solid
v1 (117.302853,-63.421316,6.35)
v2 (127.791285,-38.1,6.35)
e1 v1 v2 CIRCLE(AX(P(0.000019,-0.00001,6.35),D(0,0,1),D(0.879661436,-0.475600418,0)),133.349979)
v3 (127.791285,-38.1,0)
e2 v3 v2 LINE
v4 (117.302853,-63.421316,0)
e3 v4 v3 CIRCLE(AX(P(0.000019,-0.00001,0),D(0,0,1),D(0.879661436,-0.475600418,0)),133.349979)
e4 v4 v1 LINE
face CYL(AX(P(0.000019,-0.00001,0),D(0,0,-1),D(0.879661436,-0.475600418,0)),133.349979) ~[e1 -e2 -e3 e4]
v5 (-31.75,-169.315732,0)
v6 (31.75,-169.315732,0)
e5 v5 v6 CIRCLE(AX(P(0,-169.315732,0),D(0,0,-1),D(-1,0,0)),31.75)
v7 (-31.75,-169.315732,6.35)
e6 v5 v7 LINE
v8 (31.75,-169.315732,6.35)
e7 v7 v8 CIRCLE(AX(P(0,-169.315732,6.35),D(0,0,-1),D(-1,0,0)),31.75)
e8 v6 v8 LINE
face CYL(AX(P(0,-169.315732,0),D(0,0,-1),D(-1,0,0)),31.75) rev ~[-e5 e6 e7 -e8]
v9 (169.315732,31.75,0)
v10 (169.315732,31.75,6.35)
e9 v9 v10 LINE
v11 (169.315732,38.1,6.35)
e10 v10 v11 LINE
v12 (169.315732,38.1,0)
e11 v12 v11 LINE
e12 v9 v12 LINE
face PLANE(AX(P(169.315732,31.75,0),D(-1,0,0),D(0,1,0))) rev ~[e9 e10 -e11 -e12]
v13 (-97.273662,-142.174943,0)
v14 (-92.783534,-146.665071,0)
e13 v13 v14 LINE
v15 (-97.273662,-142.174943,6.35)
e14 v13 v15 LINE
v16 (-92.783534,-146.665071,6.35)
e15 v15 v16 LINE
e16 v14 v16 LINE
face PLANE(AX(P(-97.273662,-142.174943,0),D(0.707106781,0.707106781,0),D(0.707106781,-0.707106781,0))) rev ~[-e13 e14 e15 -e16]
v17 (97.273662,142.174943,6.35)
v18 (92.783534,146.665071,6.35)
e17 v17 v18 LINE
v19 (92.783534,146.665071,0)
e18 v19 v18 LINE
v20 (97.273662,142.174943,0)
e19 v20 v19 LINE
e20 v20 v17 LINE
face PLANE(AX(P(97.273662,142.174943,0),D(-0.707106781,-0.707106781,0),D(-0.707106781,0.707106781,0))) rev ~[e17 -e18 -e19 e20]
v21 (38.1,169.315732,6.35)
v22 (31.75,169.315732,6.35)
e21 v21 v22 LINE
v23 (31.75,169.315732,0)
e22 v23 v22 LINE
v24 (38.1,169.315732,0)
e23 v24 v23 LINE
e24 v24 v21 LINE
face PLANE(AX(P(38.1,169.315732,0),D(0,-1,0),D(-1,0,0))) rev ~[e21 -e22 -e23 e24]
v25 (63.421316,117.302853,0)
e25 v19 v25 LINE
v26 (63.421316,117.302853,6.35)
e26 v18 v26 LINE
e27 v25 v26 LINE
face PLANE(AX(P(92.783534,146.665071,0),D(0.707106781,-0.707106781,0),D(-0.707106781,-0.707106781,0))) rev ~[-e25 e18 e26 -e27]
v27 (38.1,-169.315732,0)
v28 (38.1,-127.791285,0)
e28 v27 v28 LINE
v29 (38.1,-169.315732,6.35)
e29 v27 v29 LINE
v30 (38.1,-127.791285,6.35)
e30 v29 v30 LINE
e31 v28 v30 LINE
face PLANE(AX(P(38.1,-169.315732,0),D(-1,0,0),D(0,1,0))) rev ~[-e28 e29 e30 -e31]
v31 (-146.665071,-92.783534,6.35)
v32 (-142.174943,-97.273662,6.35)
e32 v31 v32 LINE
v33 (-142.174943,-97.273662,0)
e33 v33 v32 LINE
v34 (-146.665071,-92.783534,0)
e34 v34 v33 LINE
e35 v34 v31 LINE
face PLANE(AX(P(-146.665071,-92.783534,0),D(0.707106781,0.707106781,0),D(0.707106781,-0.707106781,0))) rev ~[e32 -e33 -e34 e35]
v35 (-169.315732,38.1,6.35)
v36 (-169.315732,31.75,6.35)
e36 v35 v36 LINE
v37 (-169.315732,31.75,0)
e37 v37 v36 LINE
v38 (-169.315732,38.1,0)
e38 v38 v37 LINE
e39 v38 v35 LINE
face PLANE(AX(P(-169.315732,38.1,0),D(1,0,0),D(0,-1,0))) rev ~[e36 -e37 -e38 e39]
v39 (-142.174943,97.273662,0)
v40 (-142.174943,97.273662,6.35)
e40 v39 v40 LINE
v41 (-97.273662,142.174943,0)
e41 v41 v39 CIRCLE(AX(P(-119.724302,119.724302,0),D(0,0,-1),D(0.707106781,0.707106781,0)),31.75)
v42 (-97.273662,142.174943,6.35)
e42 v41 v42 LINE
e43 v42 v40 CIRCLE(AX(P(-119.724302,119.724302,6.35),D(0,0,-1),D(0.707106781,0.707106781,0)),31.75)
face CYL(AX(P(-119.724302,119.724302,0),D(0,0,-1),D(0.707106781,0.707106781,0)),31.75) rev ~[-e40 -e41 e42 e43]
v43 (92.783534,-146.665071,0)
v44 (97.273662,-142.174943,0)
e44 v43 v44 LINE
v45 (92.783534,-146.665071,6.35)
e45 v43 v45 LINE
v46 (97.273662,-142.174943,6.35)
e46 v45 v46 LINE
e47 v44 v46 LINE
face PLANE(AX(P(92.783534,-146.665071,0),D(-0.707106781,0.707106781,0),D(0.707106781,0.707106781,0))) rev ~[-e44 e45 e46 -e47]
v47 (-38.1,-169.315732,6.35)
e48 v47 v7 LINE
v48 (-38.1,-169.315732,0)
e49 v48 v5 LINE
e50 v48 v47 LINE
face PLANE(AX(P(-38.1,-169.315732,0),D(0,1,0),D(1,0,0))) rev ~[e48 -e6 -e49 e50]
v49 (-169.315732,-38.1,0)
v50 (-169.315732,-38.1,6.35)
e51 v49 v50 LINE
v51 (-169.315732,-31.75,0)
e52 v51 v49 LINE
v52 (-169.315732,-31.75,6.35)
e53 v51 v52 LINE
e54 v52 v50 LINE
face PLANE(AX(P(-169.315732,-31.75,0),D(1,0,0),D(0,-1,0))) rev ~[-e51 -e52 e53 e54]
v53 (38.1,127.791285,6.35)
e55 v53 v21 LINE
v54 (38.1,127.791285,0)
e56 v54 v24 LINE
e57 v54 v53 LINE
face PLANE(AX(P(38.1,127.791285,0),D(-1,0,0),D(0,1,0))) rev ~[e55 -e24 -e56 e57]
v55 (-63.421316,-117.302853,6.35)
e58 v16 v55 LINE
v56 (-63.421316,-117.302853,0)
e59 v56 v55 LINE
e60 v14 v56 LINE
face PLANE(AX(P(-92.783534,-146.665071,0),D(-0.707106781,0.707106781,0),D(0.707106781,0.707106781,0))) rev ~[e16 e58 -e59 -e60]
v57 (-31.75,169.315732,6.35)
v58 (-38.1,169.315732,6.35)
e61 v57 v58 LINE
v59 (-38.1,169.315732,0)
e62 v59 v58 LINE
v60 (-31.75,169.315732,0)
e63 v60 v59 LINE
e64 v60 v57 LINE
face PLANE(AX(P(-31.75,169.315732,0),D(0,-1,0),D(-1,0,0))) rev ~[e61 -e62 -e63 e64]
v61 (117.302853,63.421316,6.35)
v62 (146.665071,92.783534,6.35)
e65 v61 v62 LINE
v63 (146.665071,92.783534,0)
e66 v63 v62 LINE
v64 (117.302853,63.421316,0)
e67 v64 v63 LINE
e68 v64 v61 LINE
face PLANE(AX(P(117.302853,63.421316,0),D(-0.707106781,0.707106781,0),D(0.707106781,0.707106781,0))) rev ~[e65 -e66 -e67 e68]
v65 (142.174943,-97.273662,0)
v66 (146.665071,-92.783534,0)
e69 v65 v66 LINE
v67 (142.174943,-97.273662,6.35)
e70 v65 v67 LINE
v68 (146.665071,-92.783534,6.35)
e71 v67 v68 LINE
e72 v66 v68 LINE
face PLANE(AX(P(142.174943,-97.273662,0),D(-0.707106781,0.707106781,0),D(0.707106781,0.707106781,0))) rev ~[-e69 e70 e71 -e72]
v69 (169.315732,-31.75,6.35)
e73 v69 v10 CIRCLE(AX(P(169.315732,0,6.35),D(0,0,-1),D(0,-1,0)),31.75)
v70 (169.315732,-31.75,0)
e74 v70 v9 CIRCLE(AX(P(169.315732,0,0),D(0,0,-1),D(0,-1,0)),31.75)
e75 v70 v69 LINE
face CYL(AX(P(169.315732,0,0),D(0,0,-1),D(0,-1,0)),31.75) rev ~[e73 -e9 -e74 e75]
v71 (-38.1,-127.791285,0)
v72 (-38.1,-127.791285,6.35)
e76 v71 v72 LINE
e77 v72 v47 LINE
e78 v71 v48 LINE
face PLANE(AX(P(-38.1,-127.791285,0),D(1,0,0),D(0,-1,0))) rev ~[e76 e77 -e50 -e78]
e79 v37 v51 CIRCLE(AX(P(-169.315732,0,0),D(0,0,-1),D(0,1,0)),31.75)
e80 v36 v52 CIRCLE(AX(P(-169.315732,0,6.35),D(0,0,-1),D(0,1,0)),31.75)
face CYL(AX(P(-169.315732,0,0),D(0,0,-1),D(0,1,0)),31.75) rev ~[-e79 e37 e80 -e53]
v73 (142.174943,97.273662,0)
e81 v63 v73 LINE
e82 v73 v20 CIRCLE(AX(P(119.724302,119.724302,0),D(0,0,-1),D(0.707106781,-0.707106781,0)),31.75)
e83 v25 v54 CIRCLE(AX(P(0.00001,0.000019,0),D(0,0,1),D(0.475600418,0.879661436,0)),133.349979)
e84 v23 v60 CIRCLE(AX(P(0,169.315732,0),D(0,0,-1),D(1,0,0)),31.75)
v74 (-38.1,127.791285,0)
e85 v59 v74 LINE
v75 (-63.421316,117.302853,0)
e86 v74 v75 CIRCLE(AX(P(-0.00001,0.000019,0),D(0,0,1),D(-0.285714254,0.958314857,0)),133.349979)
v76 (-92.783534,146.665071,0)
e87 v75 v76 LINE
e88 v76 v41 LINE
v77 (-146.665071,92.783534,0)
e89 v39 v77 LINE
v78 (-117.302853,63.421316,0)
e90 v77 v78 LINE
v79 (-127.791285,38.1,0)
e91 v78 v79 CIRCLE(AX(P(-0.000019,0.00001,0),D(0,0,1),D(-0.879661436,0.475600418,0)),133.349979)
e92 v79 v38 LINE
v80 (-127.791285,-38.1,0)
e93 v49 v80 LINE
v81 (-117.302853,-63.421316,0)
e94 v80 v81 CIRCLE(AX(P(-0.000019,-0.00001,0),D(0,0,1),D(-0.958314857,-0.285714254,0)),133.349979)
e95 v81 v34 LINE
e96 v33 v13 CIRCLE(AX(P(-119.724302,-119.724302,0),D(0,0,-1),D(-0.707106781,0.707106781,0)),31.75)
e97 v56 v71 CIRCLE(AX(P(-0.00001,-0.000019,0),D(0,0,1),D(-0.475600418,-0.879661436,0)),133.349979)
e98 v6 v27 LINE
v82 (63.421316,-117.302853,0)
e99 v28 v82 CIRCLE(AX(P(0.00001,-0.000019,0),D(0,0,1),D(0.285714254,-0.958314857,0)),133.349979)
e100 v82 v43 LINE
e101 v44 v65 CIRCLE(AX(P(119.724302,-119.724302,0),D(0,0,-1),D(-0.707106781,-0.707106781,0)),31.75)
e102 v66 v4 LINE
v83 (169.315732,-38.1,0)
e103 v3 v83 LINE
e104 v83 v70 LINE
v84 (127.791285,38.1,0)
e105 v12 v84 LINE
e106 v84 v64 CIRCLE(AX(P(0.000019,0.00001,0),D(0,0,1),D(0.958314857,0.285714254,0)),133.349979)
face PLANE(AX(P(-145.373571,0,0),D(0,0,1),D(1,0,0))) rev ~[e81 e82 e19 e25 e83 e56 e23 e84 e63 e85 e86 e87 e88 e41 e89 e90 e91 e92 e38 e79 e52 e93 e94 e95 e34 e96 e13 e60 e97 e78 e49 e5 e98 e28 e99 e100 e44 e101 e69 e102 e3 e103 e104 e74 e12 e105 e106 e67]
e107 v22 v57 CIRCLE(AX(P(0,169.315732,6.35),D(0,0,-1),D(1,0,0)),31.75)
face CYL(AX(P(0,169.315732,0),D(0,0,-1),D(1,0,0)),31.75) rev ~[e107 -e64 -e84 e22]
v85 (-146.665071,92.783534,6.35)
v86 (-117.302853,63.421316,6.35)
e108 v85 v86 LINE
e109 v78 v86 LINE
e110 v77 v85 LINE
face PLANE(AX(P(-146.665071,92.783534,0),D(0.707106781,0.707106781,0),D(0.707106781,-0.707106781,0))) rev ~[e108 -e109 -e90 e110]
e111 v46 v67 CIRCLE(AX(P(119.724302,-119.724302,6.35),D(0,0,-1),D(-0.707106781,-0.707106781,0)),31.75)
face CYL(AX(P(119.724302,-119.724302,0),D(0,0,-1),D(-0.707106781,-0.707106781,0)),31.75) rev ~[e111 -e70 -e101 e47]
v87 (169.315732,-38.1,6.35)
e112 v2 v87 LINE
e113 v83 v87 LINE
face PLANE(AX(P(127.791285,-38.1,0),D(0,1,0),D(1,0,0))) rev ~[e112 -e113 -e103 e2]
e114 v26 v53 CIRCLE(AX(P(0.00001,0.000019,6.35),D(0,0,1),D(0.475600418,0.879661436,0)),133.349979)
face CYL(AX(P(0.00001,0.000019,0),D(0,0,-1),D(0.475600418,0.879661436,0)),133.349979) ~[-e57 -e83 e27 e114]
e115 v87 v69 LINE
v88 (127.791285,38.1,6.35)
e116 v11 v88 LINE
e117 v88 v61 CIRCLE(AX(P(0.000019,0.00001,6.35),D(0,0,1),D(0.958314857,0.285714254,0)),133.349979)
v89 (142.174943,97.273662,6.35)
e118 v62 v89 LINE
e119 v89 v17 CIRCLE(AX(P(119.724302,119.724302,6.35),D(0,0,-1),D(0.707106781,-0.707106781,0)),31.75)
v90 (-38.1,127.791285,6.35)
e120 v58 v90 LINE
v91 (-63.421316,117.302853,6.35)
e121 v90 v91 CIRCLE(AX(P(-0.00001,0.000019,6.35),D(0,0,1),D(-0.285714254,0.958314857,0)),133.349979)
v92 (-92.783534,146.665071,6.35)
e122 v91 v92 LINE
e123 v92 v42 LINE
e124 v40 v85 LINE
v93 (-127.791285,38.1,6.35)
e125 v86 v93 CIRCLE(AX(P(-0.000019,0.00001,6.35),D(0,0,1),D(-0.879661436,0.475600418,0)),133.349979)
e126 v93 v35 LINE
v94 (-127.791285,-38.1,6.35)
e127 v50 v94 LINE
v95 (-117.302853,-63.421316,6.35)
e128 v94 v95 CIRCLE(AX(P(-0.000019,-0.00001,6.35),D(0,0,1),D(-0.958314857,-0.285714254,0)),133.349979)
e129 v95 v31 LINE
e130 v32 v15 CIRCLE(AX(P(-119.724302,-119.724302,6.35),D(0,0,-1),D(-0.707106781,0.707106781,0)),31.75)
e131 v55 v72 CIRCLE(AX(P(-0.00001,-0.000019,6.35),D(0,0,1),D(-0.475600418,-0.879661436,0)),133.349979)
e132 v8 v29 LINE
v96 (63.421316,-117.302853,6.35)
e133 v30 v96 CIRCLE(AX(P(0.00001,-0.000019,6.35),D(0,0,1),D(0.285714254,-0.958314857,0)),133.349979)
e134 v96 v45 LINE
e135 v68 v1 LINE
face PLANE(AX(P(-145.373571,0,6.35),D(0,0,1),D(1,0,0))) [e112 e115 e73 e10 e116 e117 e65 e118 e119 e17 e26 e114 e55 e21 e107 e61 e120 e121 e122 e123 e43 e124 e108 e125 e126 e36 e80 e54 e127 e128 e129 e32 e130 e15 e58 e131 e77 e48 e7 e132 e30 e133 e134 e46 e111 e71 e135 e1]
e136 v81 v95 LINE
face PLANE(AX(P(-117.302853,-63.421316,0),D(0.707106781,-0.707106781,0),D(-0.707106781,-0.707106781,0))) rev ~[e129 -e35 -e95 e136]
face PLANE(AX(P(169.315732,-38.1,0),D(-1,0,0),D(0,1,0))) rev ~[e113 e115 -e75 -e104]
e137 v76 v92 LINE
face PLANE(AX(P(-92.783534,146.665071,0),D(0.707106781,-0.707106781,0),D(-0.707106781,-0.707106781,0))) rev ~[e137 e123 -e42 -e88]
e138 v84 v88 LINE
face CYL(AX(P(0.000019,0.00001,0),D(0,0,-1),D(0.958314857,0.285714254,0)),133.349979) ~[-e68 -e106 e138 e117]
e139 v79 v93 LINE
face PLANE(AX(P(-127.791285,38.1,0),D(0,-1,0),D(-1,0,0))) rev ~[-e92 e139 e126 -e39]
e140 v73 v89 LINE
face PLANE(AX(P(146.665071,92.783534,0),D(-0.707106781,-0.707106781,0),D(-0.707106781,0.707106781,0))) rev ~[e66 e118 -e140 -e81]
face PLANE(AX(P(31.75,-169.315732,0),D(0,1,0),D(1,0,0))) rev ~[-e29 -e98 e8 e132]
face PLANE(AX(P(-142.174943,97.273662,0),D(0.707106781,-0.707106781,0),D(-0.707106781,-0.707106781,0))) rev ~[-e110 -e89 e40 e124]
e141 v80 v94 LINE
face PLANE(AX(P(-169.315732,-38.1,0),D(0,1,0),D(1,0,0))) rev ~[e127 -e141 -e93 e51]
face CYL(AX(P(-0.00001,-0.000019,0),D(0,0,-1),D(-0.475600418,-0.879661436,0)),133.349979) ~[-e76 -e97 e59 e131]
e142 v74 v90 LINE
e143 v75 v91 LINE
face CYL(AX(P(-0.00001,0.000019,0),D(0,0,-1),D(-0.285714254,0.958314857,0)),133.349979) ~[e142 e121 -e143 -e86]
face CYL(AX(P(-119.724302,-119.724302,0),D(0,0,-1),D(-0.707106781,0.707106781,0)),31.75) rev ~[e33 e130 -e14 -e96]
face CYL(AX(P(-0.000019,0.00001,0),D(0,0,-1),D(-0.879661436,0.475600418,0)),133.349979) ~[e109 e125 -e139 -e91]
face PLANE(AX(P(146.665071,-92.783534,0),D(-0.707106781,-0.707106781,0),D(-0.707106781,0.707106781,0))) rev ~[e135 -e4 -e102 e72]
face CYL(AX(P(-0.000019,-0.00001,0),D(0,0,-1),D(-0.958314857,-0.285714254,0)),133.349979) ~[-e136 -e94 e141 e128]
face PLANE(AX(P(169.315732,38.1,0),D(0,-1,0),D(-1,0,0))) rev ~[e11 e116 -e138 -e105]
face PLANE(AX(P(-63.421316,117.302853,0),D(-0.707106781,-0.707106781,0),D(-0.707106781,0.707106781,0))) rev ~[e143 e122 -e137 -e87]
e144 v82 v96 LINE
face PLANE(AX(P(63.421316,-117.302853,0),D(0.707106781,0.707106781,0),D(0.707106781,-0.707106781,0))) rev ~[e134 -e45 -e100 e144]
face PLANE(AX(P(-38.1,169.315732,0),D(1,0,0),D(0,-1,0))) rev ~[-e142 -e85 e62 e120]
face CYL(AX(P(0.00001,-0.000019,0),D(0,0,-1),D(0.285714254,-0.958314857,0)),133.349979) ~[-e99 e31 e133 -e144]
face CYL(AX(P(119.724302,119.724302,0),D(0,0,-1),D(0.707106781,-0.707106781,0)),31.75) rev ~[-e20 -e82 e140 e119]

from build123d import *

# Parameters (mm, degrees)
F2_DEPTH = 6.35


with BuildPart() as f2:
    # F1 (on Top) → F2 (new body)
    with BuildSketch(Plane.XY):
        with BuildLine():
            ThreePointArc((-169.315732, 31.75), (-137.565732, 0), (-169.315732, -31.75))
            Line((-169.315732, -31.75), (-169.315732, -38.1))
            Line((-169.315732, -38.1), (-127.791285, -38.1))
            ThreePointArc((-127.791285, -38.1), (-133.35, 0), (-127.791285, 38.1))
            Line((-127.791285, 38.1), (-169.315732, 38.1))
            Line((-169.315732, 38.1), (-169.315732, 31.75))
        make_face()
        with BuildLine():
            ThreePointArc((-63.421316, -117.302853), (-94.292689, -94.292689), (-117.302853, -63.421316))
            Line((-117.302853, -63.421316), (-146.665071, -92.783534))
            Line((-146.665071, -92.783534), (-142.174943, -97.273662))
            ThreePointArc((-142.174943, -97.273662), (-97.273662, -97.273662), (-97.273662, -142.174943))
            Line((-97.273662, -142.174943), (-92.783534, -146.665071))
            Line((-92.783534, -146.665071), (-63.421316, -117.302853))
        make_face()
        with BuildLine():
            ThreePointArc((38.1, -127.791285), (0, -133.35), (-38.1, -127.791285))
            Line((-38.1, -127.791285), (-38.1, -169.315732))
            Line((-38.1, -169.315732), (-31.75, -169.315732))
            ThreePointArc((-31.75, -169.315732), (0, -137.565732), (31.75, -169.315732))
            Line((31.75, -169.315732), (38.1, -169.315732))
            Line((38.1, -169.315732), (38.1, -127.791285))
        make_face()
        with BuildLine():
            ThreePointArc((117.302853, -63.421316), (94.292689, -94.292689), (63.421316, -117.302853))
            Line((63.421316, -117.302853), (92.783534, -146.665071))
            Line((92.783534, -146.665071), (97.273662, -142.174943))
            ThreePointArc((97.273662, -142.174943), (97.273662, -97.273662), (142.174943, -97.273662))
            Line((142.174943, -97.273662), (146.665071, -92.783534))
            Line((146.665071, -92.783534), (117.302853, -63.421316))
        make_face()
        with BuildLine():
            ThreePointArc((133.35, 0), (131.953004, -19.251684), (127.791285, -38.1))
            Line((127.791285, -38.1), (169.315732, -38.1))
            Line((169.315732, -38.1), (169.315732, -31.75))
            ThreePointArc((169.315732, -31.75), (137.565732, 0), (169.315732, 31.75))
            Line((169.315732, 31.75), (169.315732, 38.1))
            Line((169.315732, 38.1), (127.791285, 38.1))
            ThreePointArc((127.791285, 38.1), (131.953004, 19.251684), (133.35, 0))
        make_face()
        with BuildLine():
            Line((92.783534, 146.665071), (63.421316, 117.302853))
            ThreePointArc((63.421316, 117.302853), (94.292689, 94.292689), (117.302853, 63.421316))
            Line((117.302853, 63.421316), (146.665071, 92.783534))
            Line((146.665071, 92.783534), (142.174943, 97.273662))
            ThreePointArc((142.174943, 97.273662), (97.273662, 97.273662), (97.273662, 142.174943))
            Line((97.273662, 142.174943), (92.783534, 146.665071))
        make_face()
        with BuildLine():
            Line((-38.1, 169.315732), (-38.1, 127.791285))
            ThreePointArc((-38.1, 127.791285), (0, 133.35), (38.1, 127.791285))
            Line((38.1, 127.791285), (38.1, 169.315732))
            Line((38.1, 169.315732), (31.75, 169.315732))
            ThreePointArc((31.75, 169.315732), (0, 137.565732), (-31.75, 169.315732))
            Line((-31.75, 169.315732), (-38.1, 169.315732))
        make_face()
        with BuildLine():
            Line((-146.665071, 92.783534), (-117.302853, 63.421316))
            ThreePointArc((-117.302853, 63.421316), (-94.292689, 94.292689), (-63.421316, 117.302853))
            Line((-63.421316, 117.302853), (-92.783534, 146.665071))
            Line((-92.783534, 146.665071), (-97.273662, 142.174943))
            ThreePointArc((-97.273662, 142.174943), (-97.273662, 97.273662), (-142.174943, 97.273662))
            Line((-142.174943, 97.273662), (-146.665071, 92.783534))
        make_face()
        with BuildLine():
            ThreePointArc((-127.791285, 38.1), (-133.35, 0), (-127.791285, -38.1))
            ThreePointArc((-127.791285, -38.1), (-123.199336, -51.030836), (-117.302853, -63.421316))
            ThreePointArc((-117.302853, -63.421316), (-94.292689, -94.292689), (-63.421316, -117.302853))
            ThreePointArc((-63.421316, -117.302853), (-51.030836, -123.199336), (-38.1, -127.791285))
            ThreePointArc((-38.1, -127.791285), (0, -133.35), (38.1, -127.791285))
            ThreePointArc((38.1, -127.791285), (51.030836, -123.199336), (63.421316, -117.302853))
            ThreePointArc((63.421316, -117.302853), (94.292689, -94.292689), (117.302853, -63.421316))
            ThreePointArc((117.302853, -63.421316), (123.199336, -51.030836), (127.791285, -38.1))
            ThreePointArc((127.791285, -38.1), (131.953004, -19.251684), (133.35, 0))
            ThreePointArc((133.35, 0), (131.953004, 19.251684), (127.791285, 38.1))
            ThreePointArc((127.791285, 38.1), (123.199336, 51.030836), (117.302853, 63.421316))
            ThreePointArc((117.302853, 63.421316), (94.292689, 94.292689), (63.421316, 117.302853))
            ThreePointArc((63.421316, 117.302853), (51.030836, 123.199336), (38.1, 127.791285))
            ThreePointArc((38.1, 127.791285), (0, 133.35), (-38.1, 127.791285))
            ThreePointArc((-38.1, 127.791285), (-51.030836, 123.199336), (-63.421316, 117.302853))
            ThreePointArc((-63.421316, 117.302853), (-94.292689, 94.292689), (-117.302853, 63.421316))
            ThreePointArc((-117.302853, 63.421316), (-123.199336, 51.030836), (-127.791285, 38.1))
        make_face()
    extrude(amount=F2_DEPTH)


solid = f2.part
